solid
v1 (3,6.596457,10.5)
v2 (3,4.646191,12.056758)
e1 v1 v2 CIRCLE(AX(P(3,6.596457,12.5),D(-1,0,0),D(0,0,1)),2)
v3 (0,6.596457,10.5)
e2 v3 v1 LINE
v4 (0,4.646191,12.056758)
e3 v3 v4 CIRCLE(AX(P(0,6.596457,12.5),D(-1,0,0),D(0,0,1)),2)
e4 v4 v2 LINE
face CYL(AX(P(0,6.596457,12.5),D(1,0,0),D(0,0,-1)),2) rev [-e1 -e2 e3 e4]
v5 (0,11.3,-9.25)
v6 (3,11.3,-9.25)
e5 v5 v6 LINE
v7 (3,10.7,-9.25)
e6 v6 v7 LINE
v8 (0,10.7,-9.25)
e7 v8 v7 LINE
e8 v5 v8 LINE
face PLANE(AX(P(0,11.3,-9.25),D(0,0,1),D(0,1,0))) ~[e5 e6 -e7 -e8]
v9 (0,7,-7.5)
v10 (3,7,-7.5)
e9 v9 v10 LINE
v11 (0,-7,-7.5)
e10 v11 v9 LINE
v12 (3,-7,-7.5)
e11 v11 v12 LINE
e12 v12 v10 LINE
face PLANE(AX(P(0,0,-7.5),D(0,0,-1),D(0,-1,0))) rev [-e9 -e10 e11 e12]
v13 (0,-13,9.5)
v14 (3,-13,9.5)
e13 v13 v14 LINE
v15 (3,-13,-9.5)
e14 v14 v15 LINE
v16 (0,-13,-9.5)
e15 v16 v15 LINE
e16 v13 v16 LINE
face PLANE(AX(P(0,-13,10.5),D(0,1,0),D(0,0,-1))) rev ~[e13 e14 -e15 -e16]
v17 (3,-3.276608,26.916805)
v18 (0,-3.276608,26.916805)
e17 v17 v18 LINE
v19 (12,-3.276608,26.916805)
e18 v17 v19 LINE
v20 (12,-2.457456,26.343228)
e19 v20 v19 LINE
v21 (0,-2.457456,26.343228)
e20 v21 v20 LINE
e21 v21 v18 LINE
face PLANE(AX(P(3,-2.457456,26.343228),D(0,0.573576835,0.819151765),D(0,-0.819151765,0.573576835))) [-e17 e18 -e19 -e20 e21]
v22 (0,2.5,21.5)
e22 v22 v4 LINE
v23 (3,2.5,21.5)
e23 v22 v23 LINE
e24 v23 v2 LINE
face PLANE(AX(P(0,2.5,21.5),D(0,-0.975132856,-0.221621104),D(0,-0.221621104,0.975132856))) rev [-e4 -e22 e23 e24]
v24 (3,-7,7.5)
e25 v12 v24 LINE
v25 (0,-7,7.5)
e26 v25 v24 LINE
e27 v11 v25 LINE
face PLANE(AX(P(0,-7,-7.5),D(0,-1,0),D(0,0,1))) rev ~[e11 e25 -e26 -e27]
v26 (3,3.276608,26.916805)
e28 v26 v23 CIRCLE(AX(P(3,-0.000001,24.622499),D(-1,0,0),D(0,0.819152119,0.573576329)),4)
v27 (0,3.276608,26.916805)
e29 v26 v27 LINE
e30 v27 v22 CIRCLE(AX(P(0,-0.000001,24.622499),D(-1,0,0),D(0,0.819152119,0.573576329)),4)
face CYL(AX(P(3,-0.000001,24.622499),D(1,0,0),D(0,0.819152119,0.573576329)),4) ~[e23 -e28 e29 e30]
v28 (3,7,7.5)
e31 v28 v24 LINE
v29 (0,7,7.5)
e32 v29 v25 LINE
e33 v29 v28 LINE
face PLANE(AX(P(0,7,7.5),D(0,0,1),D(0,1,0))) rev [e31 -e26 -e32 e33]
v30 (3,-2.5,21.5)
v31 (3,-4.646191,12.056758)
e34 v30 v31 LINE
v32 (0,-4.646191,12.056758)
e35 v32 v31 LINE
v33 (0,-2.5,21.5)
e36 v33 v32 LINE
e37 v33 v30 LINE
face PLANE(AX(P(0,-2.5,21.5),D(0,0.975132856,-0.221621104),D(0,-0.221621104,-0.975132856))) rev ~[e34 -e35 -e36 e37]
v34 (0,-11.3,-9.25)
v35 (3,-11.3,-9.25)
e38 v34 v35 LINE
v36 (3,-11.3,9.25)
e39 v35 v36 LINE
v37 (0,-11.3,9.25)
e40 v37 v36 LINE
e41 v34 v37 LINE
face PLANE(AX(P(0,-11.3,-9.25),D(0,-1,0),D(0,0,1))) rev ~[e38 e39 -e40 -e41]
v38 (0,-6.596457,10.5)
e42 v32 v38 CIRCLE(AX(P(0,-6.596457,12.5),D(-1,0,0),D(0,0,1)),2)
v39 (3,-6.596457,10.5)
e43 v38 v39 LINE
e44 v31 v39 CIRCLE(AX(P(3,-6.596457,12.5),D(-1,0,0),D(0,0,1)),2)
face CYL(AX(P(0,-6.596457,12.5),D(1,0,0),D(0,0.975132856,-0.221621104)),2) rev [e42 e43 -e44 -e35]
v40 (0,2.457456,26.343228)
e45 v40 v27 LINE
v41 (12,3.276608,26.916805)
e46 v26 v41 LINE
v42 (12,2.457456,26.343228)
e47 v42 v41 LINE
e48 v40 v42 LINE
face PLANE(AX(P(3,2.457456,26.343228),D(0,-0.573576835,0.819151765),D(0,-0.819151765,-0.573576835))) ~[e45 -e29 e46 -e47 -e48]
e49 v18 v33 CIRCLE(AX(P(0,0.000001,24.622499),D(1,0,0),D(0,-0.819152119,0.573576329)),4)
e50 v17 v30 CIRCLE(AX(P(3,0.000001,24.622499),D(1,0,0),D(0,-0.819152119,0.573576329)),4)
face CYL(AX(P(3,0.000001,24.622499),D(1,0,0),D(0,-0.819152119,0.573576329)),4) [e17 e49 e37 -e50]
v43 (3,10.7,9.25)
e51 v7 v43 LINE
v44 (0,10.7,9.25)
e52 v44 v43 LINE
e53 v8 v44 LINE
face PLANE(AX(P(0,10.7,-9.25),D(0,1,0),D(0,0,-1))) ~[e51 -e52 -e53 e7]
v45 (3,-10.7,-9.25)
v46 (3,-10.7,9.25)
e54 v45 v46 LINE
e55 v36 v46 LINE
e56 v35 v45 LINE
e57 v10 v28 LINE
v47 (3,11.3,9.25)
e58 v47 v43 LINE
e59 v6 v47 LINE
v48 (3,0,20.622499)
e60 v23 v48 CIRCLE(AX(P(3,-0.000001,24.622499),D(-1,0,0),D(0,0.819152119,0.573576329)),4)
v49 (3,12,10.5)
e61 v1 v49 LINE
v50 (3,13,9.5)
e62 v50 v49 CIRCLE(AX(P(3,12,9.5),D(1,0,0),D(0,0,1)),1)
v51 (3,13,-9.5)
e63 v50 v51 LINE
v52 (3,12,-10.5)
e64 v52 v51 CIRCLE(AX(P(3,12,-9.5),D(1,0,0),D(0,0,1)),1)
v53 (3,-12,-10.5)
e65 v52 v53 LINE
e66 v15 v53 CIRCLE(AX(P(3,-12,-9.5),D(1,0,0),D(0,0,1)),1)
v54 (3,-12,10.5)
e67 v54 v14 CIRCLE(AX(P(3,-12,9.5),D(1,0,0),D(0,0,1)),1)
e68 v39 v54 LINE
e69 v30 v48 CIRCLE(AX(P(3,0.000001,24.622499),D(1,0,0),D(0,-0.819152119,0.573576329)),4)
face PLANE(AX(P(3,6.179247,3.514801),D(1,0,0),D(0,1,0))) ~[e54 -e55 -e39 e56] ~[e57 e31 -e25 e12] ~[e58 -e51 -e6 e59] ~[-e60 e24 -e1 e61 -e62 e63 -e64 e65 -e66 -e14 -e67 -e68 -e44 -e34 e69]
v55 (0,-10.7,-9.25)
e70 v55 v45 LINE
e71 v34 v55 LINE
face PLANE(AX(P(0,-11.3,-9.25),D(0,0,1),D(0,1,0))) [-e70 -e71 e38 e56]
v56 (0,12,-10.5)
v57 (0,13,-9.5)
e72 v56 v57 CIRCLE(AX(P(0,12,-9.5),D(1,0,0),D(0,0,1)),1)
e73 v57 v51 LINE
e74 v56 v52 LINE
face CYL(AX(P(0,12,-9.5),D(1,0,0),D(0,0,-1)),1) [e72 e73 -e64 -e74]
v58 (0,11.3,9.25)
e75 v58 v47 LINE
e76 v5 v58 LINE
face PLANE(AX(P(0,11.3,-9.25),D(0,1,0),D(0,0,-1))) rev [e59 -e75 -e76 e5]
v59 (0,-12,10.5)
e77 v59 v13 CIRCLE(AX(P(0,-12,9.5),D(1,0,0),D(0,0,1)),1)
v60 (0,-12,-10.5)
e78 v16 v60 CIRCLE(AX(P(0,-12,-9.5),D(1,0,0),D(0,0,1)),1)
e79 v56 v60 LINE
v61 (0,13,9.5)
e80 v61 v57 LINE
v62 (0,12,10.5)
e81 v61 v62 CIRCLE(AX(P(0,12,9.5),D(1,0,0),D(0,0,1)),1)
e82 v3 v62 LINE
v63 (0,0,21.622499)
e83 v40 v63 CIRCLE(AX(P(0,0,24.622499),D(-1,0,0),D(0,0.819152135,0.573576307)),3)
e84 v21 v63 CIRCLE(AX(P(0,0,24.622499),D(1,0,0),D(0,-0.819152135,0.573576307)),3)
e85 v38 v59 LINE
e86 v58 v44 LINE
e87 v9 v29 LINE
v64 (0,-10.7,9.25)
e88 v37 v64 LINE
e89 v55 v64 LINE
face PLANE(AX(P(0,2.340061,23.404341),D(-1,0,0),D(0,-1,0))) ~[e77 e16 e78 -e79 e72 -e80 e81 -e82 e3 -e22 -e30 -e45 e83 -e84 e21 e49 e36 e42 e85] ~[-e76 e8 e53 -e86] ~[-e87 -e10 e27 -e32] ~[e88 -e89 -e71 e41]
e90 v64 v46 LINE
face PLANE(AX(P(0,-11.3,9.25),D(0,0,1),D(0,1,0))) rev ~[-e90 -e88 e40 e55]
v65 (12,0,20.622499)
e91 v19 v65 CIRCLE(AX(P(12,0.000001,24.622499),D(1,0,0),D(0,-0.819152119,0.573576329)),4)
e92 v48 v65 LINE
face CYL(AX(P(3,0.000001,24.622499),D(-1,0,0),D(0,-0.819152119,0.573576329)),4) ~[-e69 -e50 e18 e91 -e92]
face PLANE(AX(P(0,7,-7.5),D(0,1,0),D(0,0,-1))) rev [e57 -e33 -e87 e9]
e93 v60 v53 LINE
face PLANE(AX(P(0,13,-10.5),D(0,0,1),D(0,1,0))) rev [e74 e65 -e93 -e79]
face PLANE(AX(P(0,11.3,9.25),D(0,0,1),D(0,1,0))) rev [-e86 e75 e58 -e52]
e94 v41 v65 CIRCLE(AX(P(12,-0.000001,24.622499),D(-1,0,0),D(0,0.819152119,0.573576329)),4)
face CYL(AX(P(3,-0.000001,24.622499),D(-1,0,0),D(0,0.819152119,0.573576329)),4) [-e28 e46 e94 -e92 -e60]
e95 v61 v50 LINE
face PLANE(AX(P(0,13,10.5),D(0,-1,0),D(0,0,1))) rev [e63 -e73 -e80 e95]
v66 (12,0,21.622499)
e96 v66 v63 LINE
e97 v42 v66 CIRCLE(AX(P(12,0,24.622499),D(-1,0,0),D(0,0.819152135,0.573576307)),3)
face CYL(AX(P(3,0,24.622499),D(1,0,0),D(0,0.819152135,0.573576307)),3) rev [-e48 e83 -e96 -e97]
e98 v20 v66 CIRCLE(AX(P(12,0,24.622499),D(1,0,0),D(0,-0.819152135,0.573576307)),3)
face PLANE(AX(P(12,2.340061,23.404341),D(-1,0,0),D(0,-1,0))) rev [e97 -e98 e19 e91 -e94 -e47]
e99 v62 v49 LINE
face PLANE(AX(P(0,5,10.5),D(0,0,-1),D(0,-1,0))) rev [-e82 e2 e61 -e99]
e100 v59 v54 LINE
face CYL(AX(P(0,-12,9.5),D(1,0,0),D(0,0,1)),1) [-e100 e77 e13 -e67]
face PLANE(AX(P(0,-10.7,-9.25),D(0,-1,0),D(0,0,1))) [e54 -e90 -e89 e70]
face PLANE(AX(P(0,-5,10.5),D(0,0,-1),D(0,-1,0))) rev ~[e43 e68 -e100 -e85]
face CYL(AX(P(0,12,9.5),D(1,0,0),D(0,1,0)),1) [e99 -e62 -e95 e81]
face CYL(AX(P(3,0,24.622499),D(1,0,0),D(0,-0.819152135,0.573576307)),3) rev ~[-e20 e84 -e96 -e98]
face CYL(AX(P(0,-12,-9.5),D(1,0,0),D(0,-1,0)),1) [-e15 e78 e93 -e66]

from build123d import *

# Parameters (mm, degrees)
SKETCH001_W       = 0.6
SKETCH001_H       = 18.5
PAD001_DEPTH      = 3
PAD002_DEPTH      = 9
PAD002_DEPTH_BACK = 3
FILLET_R          = 1
FILLET001_R       = 2


with BuildPart() as part:
    # Sketch001 → Pad001 (new body)
    with BuildSketch(Plane.YZ):
        Polygon((-13, 10.5), (-13, -10.5), (0, -10.5), (0, -7.5), (-7, -7.5), (-7, 7.5), (0, 7.5), (0, 21.5), (-2.5, 21.5), (-5, 10.5), align=None)
        with Locations((-11, 0)):
            Rectangle(SKETCH001_W, SKETCH001_H, mode=Mode.SUBTRACT)
    extrude(amount=PAD001_DEPTH)

    # Sketch002 (on Face16 of Pad001) → Pad002 (join, two sides)
    with BuildSketch(Plane.YZ.offset(3)) as pad002_sk:
        with BuildLine():
            ThreePointArc((-2.457456, 26.343228), (-2.661032, 23.237253), (0, 21.622499))
            Line((0, 21.622499), (0, 20.622499))
            ThreePointArc((-3.276608, 26.916805), (-3.548043, 22.775505), (0, 20.622499))
            Line((-2.457456, 26.343228), (-3.276608, 26.916805))
        make_face()
    extrude(amount=PAD002_DEPTH)
    extrude(pad002_sk.sketch, amount=-PAD002_DEPTH_BACK)

    # Mirrored: part across XZ


with BuildPart() as part_1:
    add(part.part)
    add(part.part.mirror(Plane.XZ))

    # Fillet
    fillet_edges = [part_1.edges().sort_by_distance(p)[0] for p in [
        (1.5, 13, 10.5),
        (1.5, 13, -10.5),
        (1.5, -13, -10.5),
        (1.5, -13, 10.5),
    ]]
    fillet(fillet_edges, radius=FILLET_R)

    # Fillet001
    fillet001_edges = [part_1.edges().sort_by_distance(p)[0] for p in [
        (1.5, -5, 10.5),
        (1.5, 5, 10.5),
    ]]
    fillet(fillet001_edges, radius=FILLET001_R)


solid = part_1.part
